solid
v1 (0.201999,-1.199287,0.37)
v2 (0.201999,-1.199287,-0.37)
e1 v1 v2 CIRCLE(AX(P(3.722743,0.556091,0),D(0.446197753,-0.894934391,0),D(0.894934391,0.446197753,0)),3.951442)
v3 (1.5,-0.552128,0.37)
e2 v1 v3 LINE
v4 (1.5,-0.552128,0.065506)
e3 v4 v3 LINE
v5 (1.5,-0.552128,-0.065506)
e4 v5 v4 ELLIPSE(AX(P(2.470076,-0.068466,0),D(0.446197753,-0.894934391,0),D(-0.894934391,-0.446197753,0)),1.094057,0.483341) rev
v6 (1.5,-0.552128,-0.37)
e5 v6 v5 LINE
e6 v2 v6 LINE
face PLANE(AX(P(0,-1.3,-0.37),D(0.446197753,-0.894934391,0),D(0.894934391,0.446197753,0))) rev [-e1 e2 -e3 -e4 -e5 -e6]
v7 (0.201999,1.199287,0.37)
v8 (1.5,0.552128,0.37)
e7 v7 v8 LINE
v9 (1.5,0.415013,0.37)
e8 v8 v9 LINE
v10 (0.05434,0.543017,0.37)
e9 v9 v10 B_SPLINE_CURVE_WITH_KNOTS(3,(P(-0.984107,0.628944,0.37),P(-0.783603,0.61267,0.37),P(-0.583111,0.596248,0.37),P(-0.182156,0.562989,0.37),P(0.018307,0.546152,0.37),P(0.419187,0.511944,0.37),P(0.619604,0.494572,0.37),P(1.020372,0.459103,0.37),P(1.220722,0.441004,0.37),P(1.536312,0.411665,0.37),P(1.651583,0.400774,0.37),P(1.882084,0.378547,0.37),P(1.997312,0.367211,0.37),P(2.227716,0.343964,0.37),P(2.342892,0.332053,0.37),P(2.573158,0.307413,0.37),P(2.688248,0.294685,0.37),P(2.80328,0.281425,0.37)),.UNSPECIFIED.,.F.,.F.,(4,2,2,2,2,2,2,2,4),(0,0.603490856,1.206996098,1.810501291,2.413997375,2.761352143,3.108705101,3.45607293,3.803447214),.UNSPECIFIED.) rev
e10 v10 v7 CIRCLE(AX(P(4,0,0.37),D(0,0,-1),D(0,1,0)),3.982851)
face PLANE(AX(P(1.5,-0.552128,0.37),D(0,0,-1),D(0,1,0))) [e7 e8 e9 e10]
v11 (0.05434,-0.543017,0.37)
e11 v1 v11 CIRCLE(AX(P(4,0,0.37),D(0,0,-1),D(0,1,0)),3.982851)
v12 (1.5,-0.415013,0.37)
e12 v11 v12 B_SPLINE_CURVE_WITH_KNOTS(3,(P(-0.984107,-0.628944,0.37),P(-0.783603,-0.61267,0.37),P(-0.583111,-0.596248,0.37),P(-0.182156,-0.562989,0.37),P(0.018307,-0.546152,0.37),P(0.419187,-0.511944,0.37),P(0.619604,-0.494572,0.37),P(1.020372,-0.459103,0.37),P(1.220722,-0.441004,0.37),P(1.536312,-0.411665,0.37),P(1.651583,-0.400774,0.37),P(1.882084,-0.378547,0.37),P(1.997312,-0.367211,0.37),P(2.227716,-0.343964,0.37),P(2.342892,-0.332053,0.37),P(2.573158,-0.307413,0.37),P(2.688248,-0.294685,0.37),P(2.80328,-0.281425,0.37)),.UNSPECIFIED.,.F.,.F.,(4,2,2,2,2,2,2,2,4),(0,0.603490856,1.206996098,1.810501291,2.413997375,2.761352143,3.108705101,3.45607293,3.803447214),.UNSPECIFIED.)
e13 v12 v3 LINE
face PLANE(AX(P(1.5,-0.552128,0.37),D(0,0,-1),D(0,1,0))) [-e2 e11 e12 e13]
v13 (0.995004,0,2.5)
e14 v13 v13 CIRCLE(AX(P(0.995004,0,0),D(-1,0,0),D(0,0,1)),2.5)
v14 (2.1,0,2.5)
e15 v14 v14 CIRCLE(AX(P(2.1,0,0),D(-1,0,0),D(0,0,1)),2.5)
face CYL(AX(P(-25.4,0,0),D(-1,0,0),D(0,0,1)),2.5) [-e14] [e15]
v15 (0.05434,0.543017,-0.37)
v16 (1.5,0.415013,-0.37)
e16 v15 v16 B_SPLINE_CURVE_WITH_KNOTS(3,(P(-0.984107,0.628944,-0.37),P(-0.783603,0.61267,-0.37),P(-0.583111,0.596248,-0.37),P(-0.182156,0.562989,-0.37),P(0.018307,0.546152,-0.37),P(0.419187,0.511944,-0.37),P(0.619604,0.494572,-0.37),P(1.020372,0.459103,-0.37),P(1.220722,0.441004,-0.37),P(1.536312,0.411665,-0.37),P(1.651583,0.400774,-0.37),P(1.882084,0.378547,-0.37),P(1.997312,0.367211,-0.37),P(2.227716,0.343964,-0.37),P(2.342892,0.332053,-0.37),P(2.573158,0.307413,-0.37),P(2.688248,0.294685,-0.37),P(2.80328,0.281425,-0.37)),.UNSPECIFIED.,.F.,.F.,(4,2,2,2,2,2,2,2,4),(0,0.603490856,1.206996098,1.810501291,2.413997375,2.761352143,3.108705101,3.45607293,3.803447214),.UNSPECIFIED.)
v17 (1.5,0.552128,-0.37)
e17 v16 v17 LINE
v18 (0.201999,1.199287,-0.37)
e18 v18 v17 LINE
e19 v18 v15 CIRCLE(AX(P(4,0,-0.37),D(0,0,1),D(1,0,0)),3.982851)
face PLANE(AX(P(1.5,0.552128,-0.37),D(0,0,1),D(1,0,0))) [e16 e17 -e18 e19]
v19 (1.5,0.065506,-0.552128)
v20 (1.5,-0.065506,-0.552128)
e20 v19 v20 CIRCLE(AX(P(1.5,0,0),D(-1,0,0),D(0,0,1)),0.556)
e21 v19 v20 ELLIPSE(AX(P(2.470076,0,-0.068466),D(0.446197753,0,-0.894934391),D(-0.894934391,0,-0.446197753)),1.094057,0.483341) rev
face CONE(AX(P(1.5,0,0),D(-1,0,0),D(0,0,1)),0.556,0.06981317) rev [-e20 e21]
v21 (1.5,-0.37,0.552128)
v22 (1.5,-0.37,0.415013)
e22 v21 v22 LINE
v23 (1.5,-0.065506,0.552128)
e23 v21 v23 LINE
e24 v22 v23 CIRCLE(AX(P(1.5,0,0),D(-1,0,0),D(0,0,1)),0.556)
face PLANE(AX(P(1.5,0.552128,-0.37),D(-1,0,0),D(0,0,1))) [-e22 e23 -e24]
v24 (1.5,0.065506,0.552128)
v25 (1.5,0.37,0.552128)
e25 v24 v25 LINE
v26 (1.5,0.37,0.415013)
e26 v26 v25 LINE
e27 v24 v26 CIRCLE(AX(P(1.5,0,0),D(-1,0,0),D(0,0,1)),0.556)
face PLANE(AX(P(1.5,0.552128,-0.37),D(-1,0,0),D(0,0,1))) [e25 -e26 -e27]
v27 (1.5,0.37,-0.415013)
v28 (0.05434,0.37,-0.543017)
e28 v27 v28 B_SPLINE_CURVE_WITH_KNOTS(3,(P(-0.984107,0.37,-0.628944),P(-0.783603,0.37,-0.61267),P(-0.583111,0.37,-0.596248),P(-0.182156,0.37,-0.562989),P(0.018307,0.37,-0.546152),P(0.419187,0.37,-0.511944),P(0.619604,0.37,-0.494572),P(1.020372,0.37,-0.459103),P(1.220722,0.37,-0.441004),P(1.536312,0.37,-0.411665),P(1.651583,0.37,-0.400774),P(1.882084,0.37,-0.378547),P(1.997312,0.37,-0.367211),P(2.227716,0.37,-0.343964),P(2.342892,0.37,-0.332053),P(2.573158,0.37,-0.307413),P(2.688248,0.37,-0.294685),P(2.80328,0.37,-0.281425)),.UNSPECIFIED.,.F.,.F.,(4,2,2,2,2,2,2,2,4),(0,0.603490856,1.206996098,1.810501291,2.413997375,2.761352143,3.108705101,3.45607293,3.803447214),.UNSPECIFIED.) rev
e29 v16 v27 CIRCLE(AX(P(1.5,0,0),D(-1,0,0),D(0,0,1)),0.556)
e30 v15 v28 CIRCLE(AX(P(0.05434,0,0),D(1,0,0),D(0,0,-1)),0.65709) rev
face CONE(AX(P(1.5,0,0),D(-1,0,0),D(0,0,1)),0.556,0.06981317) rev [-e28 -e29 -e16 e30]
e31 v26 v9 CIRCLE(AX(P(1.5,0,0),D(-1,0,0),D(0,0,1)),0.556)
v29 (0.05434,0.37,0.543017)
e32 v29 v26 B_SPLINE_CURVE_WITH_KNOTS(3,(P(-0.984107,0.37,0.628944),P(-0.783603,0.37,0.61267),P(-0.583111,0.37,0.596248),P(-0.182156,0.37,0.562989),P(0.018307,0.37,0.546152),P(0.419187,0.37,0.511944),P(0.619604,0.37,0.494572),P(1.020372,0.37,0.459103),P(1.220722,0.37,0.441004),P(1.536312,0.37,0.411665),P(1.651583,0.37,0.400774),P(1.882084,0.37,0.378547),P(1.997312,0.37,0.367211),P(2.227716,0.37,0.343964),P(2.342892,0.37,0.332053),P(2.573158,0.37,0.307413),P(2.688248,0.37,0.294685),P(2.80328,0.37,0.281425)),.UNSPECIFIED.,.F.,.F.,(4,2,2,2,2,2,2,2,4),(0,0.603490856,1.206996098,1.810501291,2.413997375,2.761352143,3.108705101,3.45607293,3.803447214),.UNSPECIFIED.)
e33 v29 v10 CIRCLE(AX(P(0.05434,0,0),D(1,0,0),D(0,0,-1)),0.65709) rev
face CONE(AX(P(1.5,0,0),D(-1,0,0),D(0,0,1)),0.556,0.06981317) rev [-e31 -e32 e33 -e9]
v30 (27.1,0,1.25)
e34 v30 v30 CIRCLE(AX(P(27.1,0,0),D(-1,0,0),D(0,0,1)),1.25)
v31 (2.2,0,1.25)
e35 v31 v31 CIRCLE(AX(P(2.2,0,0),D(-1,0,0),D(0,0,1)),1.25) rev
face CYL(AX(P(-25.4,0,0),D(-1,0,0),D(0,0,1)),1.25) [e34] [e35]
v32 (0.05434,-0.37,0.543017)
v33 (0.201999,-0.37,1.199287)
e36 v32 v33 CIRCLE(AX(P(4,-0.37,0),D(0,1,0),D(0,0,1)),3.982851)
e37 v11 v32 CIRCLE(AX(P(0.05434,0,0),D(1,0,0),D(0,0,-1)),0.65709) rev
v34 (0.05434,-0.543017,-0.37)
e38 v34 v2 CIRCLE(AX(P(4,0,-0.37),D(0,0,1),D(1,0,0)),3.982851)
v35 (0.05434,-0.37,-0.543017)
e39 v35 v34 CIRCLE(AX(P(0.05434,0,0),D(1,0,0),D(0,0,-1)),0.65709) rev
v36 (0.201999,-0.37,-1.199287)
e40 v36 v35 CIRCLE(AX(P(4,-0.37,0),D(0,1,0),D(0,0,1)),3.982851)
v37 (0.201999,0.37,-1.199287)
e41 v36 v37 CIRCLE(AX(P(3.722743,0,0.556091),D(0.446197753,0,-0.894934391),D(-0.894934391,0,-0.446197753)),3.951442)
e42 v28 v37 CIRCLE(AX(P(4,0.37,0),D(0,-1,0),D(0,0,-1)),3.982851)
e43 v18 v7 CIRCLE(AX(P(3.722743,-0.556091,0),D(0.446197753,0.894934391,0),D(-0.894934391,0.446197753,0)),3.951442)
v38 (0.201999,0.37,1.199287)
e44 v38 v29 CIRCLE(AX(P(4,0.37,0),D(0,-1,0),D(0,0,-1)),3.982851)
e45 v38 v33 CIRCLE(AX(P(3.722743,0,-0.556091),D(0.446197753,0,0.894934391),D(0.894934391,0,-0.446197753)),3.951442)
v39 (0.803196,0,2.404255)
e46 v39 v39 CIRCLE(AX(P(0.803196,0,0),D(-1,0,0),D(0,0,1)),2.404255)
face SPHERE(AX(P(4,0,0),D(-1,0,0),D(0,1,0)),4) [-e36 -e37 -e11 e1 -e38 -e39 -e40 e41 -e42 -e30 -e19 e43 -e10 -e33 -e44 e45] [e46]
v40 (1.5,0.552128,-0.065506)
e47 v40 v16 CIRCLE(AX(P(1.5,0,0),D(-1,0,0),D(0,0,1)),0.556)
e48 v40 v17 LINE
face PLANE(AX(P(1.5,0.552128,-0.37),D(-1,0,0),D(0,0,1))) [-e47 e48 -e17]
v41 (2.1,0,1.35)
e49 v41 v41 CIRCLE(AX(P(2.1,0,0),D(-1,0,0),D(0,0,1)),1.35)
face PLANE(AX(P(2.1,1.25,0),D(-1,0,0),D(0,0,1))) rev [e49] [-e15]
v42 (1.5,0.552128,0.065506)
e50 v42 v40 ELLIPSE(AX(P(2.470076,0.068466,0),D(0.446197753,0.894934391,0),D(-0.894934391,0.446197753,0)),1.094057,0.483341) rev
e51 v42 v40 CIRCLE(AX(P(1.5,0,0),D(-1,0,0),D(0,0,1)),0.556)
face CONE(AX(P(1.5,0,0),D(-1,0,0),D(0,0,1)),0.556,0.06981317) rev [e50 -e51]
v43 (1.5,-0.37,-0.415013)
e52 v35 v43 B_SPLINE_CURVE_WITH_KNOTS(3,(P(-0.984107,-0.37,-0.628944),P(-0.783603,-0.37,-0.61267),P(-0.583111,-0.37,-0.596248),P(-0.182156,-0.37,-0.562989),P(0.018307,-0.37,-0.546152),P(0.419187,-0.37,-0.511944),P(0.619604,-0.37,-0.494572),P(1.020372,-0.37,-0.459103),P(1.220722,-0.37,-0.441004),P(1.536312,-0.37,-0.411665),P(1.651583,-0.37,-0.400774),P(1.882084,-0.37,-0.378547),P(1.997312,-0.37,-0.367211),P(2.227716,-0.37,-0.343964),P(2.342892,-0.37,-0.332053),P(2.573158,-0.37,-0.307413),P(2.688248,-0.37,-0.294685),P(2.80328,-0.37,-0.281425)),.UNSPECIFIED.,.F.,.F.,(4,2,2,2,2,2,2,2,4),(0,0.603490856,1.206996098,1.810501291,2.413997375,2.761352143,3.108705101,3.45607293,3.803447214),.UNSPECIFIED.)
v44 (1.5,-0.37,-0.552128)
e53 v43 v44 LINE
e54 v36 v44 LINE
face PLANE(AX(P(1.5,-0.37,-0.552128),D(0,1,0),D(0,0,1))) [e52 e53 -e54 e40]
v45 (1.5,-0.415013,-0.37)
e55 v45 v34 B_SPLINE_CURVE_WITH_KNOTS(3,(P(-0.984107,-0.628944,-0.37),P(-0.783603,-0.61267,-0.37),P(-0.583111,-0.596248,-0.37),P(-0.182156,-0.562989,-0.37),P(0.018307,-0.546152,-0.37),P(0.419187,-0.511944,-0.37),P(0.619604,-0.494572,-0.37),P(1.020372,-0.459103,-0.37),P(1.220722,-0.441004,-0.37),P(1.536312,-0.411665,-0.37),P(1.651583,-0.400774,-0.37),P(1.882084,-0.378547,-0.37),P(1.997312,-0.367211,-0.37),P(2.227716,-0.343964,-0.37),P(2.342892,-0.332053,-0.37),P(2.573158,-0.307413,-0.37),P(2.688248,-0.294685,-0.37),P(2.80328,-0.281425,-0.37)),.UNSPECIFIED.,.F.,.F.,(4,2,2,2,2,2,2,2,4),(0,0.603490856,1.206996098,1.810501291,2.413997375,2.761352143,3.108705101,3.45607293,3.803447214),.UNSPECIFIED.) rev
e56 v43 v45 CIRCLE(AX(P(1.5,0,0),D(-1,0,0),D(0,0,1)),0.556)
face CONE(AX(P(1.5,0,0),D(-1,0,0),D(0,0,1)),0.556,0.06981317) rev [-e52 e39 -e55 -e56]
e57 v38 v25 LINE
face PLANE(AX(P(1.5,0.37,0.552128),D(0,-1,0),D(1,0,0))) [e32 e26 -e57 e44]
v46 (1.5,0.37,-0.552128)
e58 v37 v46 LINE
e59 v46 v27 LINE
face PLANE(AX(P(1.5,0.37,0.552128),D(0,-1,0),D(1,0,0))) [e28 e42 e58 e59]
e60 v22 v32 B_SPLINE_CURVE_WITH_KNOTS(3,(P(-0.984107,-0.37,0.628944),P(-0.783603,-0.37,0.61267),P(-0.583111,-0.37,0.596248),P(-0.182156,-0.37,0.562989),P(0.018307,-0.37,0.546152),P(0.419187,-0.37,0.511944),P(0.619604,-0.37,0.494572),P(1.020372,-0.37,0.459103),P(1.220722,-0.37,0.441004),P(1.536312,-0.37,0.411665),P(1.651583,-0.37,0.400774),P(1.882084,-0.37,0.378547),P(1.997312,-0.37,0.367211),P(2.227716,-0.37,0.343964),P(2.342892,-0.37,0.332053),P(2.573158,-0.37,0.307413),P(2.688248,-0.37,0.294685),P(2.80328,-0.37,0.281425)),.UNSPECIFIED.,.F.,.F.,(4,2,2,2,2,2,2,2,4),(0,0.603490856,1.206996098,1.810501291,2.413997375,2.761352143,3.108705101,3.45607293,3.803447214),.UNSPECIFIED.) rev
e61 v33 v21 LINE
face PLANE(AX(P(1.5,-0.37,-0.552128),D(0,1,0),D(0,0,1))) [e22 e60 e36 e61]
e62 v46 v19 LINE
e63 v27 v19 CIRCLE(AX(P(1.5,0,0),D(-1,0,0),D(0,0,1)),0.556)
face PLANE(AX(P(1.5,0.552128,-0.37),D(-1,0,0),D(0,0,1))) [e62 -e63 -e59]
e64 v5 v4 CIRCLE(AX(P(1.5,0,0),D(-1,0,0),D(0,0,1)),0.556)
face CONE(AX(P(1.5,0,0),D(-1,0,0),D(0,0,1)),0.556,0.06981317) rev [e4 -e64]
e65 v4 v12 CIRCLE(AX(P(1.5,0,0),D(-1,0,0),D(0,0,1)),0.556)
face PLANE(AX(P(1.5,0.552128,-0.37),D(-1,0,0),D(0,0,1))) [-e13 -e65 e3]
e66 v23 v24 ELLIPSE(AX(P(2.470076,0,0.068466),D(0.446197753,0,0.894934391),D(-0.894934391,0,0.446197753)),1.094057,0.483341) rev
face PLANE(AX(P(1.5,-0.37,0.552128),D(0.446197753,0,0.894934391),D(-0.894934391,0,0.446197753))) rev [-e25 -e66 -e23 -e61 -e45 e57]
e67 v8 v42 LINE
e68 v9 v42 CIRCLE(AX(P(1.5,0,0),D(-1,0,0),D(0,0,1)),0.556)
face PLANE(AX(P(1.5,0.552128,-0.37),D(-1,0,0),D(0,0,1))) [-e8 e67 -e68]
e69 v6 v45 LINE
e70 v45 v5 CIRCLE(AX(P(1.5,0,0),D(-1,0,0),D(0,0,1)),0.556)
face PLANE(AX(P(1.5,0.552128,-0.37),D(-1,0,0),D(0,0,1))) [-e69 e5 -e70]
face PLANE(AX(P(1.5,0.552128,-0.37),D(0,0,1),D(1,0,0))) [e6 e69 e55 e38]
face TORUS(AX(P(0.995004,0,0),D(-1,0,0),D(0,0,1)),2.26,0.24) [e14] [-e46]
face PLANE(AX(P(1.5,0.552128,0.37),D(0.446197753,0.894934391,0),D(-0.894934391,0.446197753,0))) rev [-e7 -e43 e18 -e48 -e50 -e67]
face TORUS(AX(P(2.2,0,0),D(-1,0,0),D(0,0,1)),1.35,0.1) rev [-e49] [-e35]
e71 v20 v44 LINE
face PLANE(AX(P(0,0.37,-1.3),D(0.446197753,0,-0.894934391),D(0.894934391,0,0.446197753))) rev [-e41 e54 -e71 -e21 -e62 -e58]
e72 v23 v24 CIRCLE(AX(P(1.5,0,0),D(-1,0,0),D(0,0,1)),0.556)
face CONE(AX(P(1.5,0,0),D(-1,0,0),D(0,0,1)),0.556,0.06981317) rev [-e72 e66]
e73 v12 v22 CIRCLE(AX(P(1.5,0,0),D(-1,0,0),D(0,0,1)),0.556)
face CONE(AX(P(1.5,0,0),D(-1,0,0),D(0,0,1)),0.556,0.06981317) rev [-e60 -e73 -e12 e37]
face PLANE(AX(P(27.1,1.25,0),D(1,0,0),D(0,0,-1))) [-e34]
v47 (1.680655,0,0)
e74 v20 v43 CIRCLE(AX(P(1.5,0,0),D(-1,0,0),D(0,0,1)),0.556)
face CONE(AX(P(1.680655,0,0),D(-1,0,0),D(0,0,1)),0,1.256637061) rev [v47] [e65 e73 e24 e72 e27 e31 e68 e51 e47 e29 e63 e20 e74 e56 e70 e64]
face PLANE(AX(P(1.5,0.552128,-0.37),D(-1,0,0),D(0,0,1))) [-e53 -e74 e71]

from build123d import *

# Parameters (mm, degrees)
FILLET1_R    = 0.1
SKETCH3_W    = 0.74
SKETCH3_H    = 2.6
SKETCH4_W    = 0.74
SKETCH4_H    = 1.104255426
RECPAT_COUNT = 2
RECPAT_ANGLE = 90


with BuildPart() as part:
    # BodySke → Base-Revolve (revolve)
    with BuildSketch(Plane.XY):
        with BuildLine():
            Line((2.1, 1.25), (2.1, 2.5))
            Line((2.1, 2.5), (0.99500416, 2.5))
            ThreePointArc((0.99500416, 2.5), (0.88781572, 2.474733878), (0.803195915, 2.404255319))
            ThreePointArc((0.803195915, 2.404255319), (0.206109099, 1.267435138), (0, 0))
            Line((0, 0), (27.1, 0))
            Line((27.1, 0), (27.1, 1.25))
            Line((27.1, 1.25), (2.1, 1.25))
        make_face()
    revolve(axis=Axis((-25.4, 0, 0), (1, 0, 0)))

    # Fillet1
    fillet1_edges = [part.edges().sort_by_distance(p)[0] for p in [
        (2.1, -1.25, 0),
    ]]
    fillet(fillet1_edges, radius=FILLET1_R)

    # Sketch3 → Recess section 0
    with BuildSketch(Plane(origin=(0, 0, 0), x_dir=(0, 0, -1), z_dir=(1, 0, 0))):
        Rectangle(SKETCH3_W, SKETCH3_H)
    # Sketch4 → Recess section 1
    with BuildSketch(Plane(origin=(1.5, 0, 0), x_dir=(0, 0, -1), z_dir=(1, 0, 0))):
        Rectangle(SKETCH4_W, SKETCH4_H)
    recess = loft(mode=Mode.SUBTRACT)

    # RecPat: Recess ×2 about axis
    recpat_axis = Axis((0, 0, 0), (1, 0, 0))
    for i in range(1, RECPAT_COUNT):
        add(recess.rotate(recpat_axis, i * RECPAT_ANGLE / (RECPAT_COUNT - 1)), mode=Mode.SUBTRACT)

    # RecCorSke → RecessCore (revolve, cut)
    with BuildSketch(Plane.XY):
        Polygon((0, 0), (0, 0.660890218), (1.5, 0.556), (1.680655351, 0), align=None)
    revolve(axis=Axis((-3.175, 0, 0), (1, 0, 0)), mode=Mode.SUBTRACT)


solid = part.part
